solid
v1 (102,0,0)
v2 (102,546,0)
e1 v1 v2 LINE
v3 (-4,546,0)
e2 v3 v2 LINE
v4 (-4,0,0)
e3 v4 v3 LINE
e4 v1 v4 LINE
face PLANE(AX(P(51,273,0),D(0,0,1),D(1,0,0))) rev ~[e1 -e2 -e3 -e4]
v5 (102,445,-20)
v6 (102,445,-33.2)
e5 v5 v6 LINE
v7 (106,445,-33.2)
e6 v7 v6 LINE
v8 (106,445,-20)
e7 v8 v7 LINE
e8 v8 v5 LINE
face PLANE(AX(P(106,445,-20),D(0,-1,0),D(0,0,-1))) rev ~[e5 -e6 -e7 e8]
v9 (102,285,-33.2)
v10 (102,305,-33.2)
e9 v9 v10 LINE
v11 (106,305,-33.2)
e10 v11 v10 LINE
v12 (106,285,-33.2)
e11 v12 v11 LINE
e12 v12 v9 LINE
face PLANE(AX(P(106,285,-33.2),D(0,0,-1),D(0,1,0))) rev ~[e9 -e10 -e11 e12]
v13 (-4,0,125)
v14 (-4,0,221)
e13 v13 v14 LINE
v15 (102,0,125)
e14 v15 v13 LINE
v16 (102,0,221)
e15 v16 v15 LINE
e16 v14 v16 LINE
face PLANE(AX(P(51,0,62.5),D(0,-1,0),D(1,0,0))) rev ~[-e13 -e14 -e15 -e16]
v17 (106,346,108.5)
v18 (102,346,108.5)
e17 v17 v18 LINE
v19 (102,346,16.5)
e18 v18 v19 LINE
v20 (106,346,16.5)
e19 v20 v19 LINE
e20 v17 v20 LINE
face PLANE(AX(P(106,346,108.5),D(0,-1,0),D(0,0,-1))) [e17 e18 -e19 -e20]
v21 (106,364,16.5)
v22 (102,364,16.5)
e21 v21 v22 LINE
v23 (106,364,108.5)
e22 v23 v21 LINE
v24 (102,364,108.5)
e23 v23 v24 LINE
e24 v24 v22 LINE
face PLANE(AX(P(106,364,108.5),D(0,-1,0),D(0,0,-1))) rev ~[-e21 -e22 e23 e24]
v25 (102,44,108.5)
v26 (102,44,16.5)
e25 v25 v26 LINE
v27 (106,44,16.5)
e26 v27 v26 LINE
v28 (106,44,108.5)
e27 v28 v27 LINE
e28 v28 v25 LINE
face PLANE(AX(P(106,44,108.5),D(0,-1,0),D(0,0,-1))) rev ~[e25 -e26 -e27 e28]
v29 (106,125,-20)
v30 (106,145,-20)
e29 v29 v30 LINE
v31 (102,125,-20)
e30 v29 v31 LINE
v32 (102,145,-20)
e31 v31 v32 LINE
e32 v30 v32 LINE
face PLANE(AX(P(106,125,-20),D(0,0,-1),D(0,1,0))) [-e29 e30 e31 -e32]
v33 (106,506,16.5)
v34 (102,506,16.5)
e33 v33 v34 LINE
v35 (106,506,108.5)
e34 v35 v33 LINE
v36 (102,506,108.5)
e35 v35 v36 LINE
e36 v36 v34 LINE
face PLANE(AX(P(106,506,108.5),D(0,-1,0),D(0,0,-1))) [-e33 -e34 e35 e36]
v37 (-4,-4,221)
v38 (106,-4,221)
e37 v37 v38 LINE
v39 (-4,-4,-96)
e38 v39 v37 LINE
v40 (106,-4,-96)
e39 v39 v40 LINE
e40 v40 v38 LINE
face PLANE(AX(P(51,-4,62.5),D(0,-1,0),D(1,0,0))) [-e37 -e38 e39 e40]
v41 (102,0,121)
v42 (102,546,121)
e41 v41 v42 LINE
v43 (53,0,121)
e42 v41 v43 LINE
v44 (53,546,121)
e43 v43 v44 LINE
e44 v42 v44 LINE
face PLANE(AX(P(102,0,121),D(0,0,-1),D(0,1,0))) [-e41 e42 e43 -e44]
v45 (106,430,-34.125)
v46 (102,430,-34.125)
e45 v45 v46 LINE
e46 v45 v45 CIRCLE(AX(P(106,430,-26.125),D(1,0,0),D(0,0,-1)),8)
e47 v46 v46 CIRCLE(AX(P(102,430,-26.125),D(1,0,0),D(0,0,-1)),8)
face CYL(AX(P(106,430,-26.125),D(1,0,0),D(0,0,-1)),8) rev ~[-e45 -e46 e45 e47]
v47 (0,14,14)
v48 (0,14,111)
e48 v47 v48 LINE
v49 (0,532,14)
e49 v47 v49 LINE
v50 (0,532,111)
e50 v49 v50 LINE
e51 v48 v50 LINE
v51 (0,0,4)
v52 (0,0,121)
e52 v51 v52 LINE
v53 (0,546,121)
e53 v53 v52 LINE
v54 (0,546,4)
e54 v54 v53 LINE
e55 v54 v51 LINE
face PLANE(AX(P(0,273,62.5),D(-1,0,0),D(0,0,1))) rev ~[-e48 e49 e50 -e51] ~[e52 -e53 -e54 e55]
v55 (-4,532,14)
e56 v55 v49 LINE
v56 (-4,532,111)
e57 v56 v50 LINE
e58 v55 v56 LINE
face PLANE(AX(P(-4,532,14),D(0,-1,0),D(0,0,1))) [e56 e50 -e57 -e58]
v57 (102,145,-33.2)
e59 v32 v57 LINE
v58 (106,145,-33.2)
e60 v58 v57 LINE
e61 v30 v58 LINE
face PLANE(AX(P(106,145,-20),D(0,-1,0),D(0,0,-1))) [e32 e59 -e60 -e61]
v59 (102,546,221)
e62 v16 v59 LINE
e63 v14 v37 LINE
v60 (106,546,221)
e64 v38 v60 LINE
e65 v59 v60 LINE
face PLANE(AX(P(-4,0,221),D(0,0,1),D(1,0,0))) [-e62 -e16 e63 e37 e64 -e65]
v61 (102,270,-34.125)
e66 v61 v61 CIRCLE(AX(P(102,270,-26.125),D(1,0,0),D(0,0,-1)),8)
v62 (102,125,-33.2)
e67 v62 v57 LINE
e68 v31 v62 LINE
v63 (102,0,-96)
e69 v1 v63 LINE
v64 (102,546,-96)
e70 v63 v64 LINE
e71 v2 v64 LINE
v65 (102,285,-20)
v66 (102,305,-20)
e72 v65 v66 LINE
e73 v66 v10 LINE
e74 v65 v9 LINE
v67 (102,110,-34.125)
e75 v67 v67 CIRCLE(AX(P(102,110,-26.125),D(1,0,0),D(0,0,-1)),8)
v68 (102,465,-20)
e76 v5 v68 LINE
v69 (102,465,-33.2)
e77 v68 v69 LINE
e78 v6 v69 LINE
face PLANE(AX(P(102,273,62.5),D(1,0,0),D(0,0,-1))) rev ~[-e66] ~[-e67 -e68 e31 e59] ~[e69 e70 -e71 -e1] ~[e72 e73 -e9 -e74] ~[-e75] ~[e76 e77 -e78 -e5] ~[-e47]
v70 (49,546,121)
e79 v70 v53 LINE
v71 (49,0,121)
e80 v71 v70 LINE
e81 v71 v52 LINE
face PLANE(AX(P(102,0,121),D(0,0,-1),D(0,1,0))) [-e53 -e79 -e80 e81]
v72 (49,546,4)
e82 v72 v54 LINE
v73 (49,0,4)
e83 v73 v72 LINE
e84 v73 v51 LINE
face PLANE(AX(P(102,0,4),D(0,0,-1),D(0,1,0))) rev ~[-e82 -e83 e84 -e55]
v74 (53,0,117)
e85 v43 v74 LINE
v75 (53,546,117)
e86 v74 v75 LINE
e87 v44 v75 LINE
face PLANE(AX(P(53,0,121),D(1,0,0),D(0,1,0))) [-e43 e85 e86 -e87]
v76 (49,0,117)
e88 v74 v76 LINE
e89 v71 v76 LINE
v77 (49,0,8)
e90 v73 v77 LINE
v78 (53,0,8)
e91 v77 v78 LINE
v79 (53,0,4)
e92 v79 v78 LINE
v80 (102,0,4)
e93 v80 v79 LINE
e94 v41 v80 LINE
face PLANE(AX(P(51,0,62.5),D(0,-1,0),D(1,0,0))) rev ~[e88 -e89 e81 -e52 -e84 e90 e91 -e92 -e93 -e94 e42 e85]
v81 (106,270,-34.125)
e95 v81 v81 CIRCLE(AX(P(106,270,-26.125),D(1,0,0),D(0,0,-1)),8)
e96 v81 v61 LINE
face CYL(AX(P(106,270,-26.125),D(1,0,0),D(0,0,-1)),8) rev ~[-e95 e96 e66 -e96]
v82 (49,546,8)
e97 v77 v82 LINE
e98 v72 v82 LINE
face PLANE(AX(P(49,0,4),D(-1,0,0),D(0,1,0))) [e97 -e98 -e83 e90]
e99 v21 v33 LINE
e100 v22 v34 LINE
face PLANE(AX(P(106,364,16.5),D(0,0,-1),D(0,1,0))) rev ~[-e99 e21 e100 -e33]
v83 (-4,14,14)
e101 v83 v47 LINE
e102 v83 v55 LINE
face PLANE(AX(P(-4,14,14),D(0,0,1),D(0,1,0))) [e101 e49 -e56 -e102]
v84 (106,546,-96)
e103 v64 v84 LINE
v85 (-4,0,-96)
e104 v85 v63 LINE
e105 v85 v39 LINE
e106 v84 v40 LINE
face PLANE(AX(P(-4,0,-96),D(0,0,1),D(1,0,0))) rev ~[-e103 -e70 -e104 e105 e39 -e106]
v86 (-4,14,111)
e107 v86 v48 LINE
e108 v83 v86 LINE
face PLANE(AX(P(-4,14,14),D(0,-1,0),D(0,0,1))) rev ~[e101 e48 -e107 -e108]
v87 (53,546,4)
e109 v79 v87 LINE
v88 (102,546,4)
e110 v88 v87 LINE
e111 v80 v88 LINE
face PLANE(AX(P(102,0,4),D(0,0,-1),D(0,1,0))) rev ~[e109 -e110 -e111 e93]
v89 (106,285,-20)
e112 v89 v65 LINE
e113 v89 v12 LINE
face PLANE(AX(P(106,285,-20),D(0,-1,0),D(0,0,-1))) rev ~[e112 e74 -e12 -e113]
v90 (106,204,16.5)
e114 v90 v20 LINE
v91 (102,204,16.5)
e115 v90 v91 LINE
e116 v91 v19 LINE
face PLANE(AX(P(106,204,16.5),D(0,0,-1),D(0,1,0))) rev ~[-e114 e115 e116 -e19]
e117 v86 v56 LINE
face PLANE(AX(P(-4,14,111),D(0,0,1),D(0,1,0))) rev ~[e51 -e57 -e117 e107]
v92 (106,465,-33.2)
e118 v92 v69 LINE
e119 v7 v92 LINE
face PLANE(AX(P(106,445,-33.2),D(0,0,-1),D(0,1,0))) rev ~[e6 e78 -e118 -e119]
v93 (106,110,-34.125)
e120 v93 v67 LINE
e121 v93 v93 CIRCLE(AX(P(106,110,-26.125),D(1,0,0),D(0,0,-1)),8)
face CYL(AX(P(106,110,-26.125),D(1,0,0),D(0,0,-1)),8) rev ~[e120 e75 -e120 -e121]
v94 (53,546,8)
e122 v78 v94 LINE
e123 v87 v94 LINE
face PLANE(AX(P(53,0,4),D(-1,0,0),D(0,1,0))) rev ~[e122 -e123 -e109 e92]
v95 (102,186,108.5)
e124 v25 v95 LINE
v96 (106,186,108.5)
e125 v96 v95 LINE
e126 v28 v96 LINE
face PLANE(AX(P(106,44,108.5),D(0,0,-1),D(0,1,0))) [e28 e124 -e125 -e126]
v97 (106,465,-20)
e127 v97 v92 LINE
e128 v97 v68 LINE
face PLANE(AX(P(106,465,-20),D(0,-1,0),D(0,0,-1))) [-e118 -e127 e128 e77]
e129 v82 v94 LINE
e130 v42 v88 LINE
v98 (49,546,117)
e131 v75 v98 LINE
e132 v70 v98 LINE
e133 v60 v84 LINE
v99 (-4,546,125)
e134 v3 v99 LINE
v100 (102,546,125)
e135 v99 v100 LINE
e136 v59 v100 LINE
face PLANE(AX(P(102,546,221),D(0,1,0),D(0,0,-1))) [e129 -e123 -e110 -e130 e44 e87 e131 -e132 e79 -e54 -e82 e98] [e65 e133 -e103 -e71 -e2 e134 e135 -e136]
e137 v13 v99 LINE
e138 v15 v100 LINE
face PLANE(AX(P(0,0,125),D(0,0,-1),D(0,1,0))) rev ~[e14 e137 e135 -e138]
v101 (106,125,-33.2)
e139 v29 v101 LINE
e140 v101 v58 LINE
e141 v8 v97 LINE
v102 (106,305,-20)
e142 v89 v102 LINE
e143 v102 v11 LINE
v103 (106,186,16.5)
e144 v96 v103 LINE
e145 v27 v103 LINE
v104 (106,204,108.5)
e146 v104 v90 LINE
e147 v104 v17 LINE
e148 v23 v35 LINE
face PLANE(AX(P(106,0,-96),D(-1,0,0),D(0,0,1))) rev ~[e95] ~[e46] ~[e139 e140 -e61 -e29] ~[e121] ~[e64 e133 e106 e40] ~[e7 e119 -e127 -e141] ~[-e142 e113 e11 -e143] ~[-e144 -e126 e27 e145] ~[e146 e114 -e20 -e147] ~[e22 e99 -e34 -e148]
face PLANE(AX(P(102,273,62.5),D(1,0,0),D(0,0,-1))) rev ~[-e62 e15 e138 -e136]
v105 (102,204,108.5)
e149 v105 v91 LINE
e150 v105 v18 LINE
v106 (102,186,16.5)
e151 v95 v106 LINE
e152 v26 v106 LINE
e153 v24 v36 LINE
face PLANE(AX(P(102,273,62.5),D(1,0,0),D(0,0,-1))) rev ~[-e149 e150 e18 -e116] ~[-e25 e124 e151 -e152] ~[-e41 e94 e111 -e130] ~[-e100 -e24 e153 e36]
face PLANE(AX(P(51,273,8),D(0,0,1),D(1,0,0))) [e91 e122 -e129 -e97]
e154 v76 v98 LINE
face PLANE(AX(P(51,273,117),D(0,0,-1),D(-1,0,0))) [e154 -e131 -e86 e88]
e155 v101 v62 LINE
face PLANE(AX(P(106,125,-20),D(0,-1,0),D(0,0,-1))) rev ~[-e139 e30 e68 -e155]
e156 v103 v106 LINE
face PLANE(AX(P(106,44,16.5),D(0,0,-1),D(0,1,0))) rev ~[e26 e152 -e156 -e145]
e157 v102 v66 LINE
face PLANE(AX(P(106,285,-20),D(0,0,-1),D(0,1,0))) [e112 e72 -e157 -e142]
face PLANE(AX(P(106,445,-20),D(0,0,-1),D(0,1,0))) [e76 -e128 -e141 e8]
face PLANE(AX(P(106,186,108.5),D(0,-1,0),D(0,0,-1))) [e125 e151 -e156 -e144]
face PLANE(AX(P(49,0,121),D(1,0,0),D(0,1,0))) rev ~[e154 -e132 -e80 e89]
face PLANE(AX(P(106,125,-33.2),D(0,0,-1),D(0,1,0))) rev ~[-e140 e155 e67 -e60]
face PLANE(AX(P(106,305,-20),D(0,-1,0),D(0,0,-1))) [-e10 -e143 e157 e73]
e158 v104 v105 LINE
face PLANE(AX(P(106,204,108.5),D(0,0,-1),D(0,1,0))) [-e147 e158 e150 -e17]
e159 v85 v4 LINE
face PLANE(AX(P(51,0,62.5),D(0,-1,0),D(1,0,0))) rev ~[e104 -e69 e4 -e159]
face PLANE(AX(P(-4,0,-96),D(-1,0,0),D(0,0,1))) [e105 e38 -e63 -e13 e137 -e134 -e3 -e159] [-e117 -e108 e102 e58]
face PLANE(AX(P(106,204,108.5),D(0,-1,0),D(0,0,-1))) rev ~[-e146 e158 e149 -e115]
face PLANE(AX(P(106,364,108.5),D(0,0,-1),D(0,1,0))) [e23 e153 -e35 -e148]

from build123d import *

# Parameters (mm, degrees)
ESQUISSE1_W             = 102
ESQUISSE1_H             = 546
BOSS_EXTRU_1_DEPTH      = 125
ESQUISSE2_W             = 117
ESQUISSE2_H             = 546
ENL_V_MAT_EXTRU_1_DEPTH = 570.3373341
ESQUISSE3_W             = 4
ESQUISSE3_H             = 546
BOSS_EXTRU_2_DEPTH      = 4
ESQUISSE4_W             = 4
ESQUISSE4_H             = 546
BOSS_EXTRU_3_DEPTH      = 4
ESQUISSE5_W             = 125
ESQUISSE5_H             = 546
BOSS_EXTRU_4_DEPTH      = 4
ESQUISSE6_W             = 97
ESQUISSE6_H             = 518
ENL_V_MAT_EXTRU_2_DEPTH = 571.067539858
ESQUISSE7_W             = 317
ESQUISSE7_H             = 546
BOSS_EXTRU_5_DEPTH      = 4
ESQUISSE8_W             = 92
ESQUISSE8_H             = 142
ENL_V_MAT_EXTRU_3_DEPTH = 600.21365138
ESQUISSE10_W            = 13.2
ESQUISSE10_H            = 20
ENL_V_MAT_EXTRU_4_DEPTH = 600.21365138
ESQUISSE12_R            = 8
ENL_V_MAT_EXTRU_5_DEPTH = 600.21365138
ESQUISSE13_W            = 110
ESQUISSE13_H            = 317
BOSS_EXTRU_6_DEPTH      = 4


with BuildPart() as part:
    # Esquisse1 → Boss.-Extru.1 (new body)
    with BuildSketch(Plane.XY):
        with Locations((51, 273)):
            Rectangle(ESQUISSE1_W, ESQUISSE1_H)
    extrude(amount=BOSS_EXTRU_1_DEPTH)

    # Esquisse2 → Enlèv. mat.-Extru.1 (cut, through all)
    with BuildSketch(Plane(origin=(102, 0, 0), x_dir=(0, 0, -1), z_dir=(1, 0, 0))):
        with Locations((-62.5, 273)):
            Rectangle(ESQUISSE2_W, ESQUISSE2_H)
    extrude(amount=-ENL_V_MAT_EXTRU_1_DEPTH, mode=Mode.SUBTRACT)


with BuildPart() as enl_v_mat_extru_1_piece_1:
    # of the separate pieces the step leaves, piece 1, a body of its own (enl_v_mat_extru_1_pieces)
    add(part.part.solids().sort_by_distance((102, 0, 121))[0])

    # Esquisse3 → Boss.-Extru.2 (add)
    with BuildSketch(Plane(origin=(0, 0, 121), x_dir=(-1, 0, 0), z_dir=(0, 0, -1))):
        with Locations((-51, 273)):
            Rectangle(ESQUISSE3_W, ESQUISSE3_H)
    extrude(amount=BOSS_EXTRU_2_DEPTH)

    # Esquisse5 → Boss.-Extru.4 (add)
    with BuildSketch(Plane.ZY):
        with Locations((62.5, 273)):
            Rectangle(ESQUISSE5_W, ESQUISSE5_H)
    extrude(amount=BOSS_EXTRU_4_DEPTH)

    # Esquisse6 → Enlèv. mat.-Extru.2 (cut, through all)
    with BuildSketch(Plane.ZY.offset(4)):
        with Locations((62.5, 273)):
            Rectangle(ESQUISSE6_W, ESQUISSE6_H)
    extrude(amount=-ENL_V_MAT_EXTRU_2_DEPTH, mode=Mode.SUBTRACT)



with BuildPart() as enl_v_mat_extru_1_piece_2:
    # of the separate pieces the step leaves, piece 2, a body of its own (enl_v_mat_extru_1_pieces)
    add(part.part.solids().sort_by_distance((0, 0, 0))[0])

    # Esquisse4 → Boss.-Extru.3 (add)
    with BuildSketch(Plane.XY.offset(4)):
        with Locations((51, 273)):
            Rectangle(ESQUISSE4_W, ESQUISSE4_H)
    extrude(amount=BOSS_EXTRU_3_DEPTH)


with BuildPart() as enl_v_mat_extru_1_piece_1_1:
    add(enl_v_mat_extru_1_piece_1.part)

    add(enl_v_mat_extru_1_piece_2.part)  # Boss.-Extru.5 merges Enlèv. mat.-Extru.1 piece 2
    # Esquisse7 → Boss.-Extru.5 (add)
    with BuildSketch(Plane(origin=(102, 0, 0), x_dir=(0, 0, -1), z_dir=(1, 0, 0))):
        with Locations((-62.5, 273)):
            Rectangle(ESQUISSE7_W, ESQUISSE7_H)
    extrude(amount=BOSS_EXTRU_5_DEPTH)

    # Esquisse8 → Enlèv. mat.-Extru.3 (cut, through all)
    with BuildSketch(Plane(origin=(106, 0, 0), x_dir=(0, 0, -1), z_dir=(1, 0, 0))):
        with Locations((-62.5, 115)):
            Rectangle(ESQUISSE8_W, ESQUISSE8_H)
        with Locations((-62.5, 275)):
            Rectangle(ESQUISSE8_W, ESQUISSE8_H)
        with Locations((-62.5, 435)):
            Rectangle(ESQUISSE8_W, ESQUISSE8_H)
    extrude(amount=-ENL_V_MAT_EXTRU_3_DEPTH, mode=Mode.SUBTRACT)

    # Esquisse10 → Enlèv. mat.-Extru.4 (cut, through all)
    with BuildSketch(Plane(origin=(106, 0, 0), x_dir=(0, 0, -1), z_dir=(1, 0, 0))):
        with Locations((26.6, 135)):
            Rectangle(ESQUISSE10_W, ESQUISSE10_H)
        with Locations((26.6, 295)):
            Rectangle(ESQUISSE10_W, ESQUISSE10_H)
        with Locations((26.6, 455)):
            Rectangle(ESQUISSE10_W, ESQUISSE10_H)
    extrude(amount=-ENL_V_MAT_EXTRU_4_DEPTH, mode=Mode.SUBTRACT)

    # Esquisse12 → Enlèv. mat.-Extru.5 (cut, through all)
    with BuildSketch(Plane(origin=(106, 0, 0), x_dir=(0, 0, -1), z_dir=(1, 0, 0))):
        with Locations((26.125, 110)):
            Circle(ESQUISSE12_R)
        with Locations((26.125, 270)):
            Circle(ESQUISSE12_R)
        with Locations((26.125, 430)):
            Circle(ESQUISSE12_R)
    extrude(amount=-ENL_V_MAT_EXTRU_5_DEPTH, mode=Mode.SUBTRACT)

    # Esquisse13 → Boss.-Extru.6 (add)
    with BuildSketch(Plane.XZ):
        with Locations((51, 62.5)):
            Rectangle(ESQUISSE13_W, ESQUISSE13_H)
    extrude(amount=BOSS_EXTRU_6_DEPTH)


solid = enl_v_mat_extru_1_piece_1_1.part
